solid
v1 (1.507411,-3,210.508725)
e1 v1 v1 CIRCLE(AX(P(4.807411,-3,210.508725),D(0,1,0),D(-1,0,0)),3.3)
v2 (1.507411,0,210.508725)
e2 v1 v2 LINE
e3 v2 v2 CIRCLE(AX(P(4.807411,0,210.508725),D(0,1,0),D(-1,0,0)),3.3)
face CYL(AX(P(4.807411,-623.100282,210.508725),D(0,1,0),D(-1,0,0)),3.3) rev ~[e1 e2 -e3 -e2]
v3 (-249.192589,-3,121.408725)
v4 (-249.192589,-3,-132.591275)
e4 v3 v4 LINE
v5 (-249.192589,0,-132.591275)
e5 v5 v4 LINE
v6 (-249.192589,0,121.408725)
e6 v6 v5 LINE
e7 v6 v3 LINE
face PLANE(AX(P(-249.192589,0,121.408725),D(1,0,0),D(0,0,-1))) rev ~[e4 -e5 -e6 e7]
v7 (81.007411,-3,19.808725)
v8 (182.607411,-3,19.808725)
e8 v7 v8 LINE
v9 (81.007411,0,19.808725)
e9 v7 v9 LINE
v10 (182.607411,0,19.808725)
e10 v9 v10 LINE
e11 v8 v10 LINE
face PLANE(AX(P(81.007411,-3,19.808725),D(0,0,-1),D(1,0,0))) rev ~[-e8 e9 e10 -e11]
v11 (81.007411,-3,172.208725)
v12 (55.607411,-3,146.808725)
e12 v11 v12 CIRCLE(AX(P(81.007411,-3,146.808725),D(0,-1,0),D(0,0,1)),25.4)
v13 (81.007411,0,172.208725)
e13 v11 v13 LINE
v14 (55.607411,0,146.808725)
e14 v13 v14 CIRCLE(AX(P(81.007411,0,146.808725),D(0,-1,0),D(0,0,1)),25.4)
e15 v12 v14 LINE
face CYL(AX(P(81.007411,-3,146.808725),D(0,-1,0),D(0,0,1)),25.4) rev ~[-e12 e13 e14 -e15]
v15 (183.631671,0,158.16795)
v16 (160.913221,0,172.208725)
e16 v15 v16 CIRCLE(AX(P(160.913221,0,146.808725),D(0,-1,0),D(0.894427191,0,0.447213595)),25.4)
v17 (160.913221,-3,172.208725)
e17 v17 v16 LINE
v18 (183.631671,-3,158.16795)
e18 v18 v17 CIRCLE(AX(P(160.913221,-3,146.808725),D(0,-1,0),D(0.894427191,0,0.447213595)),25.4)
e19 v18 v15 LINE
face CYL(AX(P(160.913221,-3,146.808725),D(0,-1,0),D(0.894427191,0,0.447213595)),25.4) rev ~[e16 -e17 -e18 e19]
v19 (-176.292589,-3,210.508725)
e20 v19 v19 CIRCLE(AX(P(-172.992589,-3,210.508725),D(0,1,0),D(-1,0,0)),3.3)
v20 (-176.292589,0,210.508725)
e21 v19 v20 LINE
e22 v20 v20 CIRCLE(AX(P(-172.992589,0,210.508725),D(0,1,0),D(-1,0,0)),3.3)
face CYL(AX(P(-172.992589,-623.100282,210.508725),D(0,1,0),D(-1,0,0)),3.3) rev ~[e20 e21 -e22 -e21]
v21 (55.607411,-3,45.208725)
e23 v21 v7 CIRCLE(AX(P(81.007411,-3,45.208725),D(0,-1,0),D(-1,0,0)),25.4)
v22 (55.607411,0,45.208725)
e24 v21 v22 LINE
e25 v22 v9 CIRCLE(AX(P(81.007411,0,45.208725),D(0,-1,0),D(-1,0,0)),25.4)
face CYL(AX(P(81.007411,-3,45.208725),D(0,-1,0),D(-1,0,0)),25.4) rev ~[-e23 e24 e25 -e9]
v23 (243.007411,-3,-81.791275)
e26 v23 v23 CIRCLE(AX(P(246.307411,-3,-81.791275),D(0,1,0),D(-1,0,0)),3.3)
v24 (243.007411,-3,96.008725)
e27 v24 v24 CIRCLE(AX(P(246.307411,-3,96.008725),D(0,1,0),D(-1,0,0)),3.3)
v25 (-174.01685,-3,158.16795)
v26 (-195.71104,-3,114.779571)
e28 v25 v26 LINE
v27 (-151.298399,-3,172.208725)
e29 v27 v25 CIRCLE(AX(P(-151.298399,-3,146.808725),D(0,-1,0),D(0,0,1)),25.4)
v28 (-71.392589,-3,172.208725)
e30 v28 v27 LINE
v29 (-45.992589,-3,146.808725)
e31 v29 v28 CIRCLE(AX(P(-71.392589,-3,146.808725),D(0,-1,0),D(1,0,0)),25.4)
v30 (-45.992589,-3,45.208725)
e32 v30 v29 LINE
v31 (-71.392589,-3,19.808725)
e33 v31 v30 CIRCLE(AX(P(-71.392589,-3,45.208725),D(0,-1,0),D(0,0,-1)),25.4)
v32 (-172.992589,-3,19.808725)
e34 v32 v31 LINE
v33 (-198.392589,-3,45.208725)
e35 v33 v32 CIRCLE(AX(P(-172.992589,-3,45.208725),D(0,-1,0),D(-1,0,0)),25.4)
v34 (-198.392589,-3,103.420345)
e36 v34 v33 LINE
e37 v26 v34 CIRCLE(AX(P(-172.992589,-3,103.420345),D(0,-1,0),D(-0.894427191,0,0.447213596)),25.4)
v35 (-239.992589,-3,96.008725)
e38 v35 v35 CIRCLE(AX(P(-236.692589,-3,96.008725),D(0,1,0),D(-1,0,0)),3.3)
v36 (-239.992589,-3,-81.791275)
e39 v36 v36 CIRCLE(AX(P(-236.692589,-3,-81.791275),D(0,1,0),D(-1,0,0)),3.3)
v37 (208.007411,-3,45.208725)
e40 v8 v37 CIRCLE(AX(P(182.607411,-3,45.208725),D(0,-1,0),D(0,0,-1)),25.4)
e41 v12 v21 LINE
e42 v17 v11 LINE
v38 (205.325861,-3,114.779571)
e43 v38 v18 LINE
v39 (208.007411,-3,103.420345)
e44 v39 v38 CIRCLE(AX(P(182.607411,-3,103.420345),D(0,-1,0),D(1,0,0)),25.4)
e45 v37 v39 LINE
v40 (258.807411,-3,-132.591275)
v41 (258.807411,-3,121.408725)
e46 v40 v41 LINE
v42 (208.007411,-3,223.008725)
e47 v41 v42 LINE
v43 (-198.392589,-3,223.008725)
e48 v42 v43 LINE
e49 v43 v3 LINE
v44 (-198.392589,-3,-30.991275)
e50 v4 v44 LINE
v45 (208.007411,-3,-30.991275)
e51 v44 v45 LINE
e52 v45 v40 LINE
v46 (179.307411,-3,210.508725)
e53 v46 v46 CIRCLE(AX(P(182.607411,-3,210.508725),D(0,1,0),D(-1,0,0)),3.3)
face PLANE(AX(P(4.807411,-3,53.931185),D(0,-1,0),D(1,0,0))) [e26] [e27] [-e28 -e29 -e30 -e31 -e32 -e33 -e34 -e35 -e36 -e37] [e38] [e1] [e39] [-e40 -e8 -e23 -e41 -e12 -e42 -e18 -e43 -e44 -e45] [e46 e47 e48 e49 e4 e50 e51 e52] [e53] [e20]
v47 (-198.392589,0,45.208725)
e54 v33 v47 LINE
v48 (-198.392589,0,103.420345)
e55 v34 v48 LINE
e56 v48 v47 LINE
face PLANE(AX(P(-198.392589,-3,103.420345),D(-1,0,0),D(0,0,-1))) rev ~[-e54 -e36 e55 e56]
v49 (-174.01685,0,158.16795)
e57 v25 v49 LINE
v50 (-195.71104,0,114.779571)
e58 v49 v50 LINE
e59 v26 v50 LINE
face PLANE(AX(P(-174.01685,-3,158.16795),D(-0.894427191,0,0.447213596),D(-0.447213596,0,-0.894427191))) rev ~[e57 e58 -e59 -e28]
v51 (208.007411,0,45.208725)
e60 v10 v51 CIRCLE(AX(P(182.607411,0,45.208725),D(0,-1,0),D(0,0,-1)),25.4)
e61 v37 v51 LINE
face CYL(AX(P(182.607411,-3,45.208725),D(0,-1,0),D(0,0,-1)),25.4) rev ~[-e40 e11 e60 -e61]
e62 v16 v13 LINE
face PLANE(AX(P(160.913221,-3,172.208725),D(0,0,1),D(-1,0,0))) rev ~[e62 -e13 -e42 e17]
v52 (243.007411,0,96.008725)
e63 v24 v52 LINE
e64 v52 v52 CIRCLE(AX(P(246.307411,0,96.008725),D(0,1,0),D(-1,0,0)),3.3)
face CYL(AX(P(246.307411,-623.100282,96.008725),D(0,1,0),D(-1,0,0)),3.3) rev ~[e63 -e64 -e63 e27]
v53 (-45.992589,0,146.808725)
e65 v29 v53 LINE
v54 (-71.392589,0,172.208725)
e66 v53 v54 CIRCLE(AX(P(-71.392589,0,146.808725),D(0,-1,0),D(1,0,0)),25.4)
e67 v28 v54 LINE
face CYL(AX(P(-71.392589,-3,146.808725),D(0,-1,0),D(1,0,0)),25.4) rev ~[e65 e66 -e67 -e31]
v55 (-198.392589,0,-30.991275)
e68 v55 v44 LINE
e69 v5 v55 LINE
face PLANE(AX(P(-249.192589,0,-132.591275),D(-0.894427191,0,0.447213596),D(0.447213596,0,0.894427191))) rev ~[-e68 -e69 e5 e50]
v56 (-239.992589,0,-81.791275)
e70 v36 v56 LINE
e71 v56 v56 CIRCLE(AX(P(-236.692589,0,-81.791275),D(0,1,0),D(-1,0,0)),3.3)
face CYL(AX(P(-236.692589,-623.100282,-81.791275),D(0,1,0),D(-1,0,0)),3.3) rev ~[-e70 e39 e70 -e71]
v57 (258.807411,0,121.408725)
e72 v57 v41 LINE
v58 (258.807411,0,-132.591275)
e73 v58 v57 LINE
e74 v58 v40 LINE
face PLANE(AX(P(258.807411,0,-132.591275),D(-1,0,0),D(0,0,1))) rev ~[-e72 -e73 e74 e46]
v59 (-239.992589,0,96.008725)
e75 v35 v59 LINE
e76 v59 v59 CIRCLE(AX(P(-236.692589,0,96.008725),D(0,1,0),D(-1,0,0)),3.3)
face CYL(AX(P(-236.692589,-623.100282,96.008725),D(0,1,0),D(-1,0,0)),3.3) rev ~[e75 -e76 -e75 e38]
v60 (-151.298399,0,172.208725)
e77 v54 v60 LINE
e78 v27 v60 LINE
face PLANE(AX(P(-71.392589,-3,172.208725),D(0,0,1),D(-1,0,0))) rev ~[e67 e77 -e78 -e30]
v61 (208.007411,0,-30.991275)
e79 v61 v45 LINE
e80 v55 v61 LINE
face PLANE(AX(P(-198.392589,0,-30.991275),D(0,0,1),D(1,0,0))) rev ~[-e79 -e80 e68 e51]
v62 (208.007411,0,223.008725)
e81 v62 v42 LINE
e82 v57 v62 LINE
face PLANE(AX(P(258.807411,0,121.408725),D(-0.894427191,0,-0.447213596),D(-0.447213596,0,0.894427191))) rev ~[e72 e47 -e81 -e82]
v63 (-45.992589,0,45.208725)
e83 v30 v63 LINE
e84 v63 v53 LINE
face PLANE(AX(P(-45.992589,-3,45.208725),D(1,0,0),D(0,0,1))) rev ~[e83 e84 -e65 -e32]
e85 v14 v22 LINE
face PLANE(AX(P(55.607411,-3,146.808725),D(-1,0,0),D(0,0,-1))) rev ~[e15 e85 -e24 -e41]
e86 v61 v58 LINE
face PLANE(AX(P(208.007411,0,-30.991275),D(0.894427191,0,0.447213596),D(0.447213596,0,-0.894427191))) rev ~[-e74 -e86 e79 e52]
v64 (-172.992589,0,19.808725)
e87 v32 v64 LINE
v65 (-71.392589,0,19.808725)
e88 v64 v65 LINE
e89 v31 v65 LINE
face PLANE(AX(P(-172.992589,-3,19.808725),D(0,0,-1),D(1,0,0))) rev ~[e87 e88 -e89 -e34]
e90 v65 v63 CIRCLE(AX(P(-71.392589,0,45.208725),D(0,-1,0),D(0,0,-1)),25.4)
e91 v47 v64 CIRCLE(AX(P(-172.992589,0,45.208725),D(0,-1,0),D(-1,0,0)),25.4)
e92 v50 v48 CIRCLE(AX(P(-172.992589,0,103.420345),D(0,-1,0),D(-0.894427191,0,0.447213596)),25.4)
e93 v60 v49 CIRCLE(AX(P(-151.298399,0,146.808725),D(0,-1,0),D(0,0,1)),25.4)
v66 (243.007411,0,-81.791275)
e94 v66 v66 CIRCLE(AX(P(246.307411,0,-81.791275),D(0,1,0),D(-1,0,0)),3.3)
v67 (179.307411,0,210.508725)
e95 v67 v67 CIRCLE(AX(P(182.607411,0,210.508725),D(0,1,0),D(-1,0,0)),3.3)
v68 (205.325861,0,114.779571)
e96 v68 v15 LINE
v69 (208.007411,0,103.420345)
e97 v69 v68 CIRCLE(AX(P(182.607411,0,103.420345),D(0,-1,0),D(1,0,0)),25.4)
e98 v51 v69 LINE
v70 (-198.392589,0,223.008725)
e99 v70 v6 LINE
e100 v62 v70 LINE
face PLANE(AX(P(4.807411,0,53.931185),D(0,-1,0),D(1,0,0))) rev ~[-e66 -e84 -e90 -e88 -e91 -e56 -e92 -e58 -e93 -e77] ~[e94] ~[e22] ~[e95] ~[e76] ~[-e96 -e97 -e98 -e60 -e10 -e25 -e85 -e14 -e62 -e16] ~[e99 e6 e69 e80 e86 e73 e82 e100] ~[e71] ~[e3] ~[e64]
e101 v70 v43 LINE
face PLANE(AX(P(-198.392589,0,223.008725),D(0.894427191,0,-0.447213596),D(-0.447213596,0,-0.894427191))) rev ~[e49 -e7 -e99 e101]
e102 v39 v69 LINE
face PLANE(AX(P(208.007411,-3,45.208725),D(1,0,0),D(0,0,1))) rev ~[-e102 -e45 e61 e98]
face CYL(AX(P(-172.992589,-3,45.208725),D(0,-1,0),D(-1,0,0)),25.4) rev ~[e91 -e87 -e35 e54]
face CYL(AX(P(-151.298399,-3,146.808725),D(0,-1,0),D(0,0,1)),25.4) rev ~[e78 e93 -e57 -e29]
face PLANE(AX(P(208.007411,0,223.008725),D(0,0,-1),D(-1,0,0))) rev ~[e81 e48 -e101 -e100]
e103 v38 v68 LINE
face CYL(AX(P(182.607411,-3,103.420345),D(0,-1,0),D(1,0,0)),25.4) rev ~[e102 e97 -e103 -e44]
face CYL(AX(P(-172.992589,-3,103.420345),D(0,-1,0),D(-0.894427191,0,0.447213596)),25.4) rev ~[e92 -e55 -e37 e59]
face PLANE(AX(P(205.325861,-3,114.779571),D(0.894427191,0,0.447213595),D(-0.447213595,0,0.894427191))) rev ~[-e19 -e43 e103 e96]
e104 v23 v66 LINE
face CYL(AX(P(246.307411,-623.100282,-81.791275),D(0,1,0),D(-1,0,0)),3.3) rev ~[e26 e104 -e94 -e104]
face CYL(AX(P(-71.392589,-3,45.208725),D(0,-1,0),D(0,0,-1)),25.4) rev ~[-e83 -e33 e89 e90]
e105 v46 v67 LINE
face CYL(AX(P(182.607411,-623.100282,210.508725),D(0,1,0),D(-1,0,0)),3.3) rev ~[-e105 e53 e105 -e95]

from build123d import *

# Parameters (mm, degrees)
F1_DEPTH = 3
F3_DEPTH = 3.001
F5_D     = 6.6


with BuildPart() as f1:
    # F0 (on Front) → F1 (new body)
    with BuildSketch(Plane.XZ):
        Polygon((-249.1925892383, 121.4087251365), (-249.1925892383, -132.5912748635), (-198.3925892383, -30.9912748635), (208.0074107617, -30.9912748635), (258.8074107617, -132.5912748635), (258.8074107617, 121.4087251365), (208.0074107617, 223.0087251365), (-198.3925892383, 223.0087251365), align=None)
    extrude(amount=F1_DEPTH)

    # F2 (on face) → F3 (cut, through all)
    with BuildSketch(Plane.XZ.offset(3)):
        with BuildLine():
            ThreePointArc((-198.3925892383, 45.2087251365), (-190.9531014804, 27.2482128944), (-172.9925892383, 19.8087251365))
            Line((-172.9925892383, 19.8087251365), (-71.3925892383, 19.8087251365))
            ThreePointArc((-71.3925892383, 19.8087251365), (-53.4320769961, 27.2482128944), (-45.9925892383, 45.2087251365))
            Line((-45.9925892383, 45.2087251365), (-45.9925892383, 146.8087251365))
            ThreePointArc((-45.9925892383, 146.8087251365), (-53.4320769961, 164.7692373787), (-71.3925892383, 172.2087251365))
            Line((-71.3925892383, 172.2087251365), (-151.2983992955, 172.2087251365))
            ThreePointArc((-151.2983992955, 172.2087251365), (-164.6519695434, 168.4152556687), (-174.0168499469, 158.1679504622))
            Line((-174.0168499469, 158.1679504622), (-195.7110398897, 114.7795705767))
            ThreePointArc((-195.7110398897, 114.7795705767), (-197.7131135708, 109.2560694329), (-198.3925892383, 103.420345251))
            Line((-198.3925892383, 103.420345251), (-198.3925892383, 45.2087251365))
        make_face()
        with BuildLine():
            ThreePointArc((208.0074107617, 103.420345251), (207.3279350942, 109.2560694329), (205.3258614131, 114.7795705767))
            Line((205.3258614131, 114.7795705767), (183.6316714704, 158.1679504622))
            ThreePointArc((183.6316714704, 158.1679504622), (174.2667910668, 168.4152556687), (160.913220819, 172.2087251365))
            Line((160.913220819, 172.2087251365), (81.0074107617, 172.2087251365))
            ThreePointArc((81.0074107617, 172.2087251365), (63.0468985196, 164.7692373787), (55.6074107617, 146.8087251365))
            Line((55.6074107617, 146.8087251365), (55.6074107617, 45.2087251365))
            ThreePointArc((55.6074107617, 45.2087251365), (63.0468985196, 27.2482128944), (81.0074107617, 19.8087251365))
            Line((81.0074107617, 19.8087251365), (182.6074107617, 19.8087251365))
            ThreePointArc((182.6074107617, 19.8087251365), (200.5679230039, 27.2482128944), (208.0074107617, 45.2087251365))
            Line((208.0074107617, 45.2087251365), (208.0074107617, 103.420345251))
        make_face()
    extrude(amount=-F3_DEPTH, mode=Mode.SUBTRACT)

    # F5 (through all)
    with Locations(Plane.XZ.offset(3)):
        with Locations((-172.9925892383, 210.5087251365), (4.8074107617, 210.5087251365), (182.6074107617, 210.5087251365), (246.3074107617, 96.0087251365), (246.3074107617, -81.7912748635), (-236.6925892383, -81.7912748635), (-236.6925892383, 96.0087251365)):
            Hole(F5_D / 2)


solid = f1.part
